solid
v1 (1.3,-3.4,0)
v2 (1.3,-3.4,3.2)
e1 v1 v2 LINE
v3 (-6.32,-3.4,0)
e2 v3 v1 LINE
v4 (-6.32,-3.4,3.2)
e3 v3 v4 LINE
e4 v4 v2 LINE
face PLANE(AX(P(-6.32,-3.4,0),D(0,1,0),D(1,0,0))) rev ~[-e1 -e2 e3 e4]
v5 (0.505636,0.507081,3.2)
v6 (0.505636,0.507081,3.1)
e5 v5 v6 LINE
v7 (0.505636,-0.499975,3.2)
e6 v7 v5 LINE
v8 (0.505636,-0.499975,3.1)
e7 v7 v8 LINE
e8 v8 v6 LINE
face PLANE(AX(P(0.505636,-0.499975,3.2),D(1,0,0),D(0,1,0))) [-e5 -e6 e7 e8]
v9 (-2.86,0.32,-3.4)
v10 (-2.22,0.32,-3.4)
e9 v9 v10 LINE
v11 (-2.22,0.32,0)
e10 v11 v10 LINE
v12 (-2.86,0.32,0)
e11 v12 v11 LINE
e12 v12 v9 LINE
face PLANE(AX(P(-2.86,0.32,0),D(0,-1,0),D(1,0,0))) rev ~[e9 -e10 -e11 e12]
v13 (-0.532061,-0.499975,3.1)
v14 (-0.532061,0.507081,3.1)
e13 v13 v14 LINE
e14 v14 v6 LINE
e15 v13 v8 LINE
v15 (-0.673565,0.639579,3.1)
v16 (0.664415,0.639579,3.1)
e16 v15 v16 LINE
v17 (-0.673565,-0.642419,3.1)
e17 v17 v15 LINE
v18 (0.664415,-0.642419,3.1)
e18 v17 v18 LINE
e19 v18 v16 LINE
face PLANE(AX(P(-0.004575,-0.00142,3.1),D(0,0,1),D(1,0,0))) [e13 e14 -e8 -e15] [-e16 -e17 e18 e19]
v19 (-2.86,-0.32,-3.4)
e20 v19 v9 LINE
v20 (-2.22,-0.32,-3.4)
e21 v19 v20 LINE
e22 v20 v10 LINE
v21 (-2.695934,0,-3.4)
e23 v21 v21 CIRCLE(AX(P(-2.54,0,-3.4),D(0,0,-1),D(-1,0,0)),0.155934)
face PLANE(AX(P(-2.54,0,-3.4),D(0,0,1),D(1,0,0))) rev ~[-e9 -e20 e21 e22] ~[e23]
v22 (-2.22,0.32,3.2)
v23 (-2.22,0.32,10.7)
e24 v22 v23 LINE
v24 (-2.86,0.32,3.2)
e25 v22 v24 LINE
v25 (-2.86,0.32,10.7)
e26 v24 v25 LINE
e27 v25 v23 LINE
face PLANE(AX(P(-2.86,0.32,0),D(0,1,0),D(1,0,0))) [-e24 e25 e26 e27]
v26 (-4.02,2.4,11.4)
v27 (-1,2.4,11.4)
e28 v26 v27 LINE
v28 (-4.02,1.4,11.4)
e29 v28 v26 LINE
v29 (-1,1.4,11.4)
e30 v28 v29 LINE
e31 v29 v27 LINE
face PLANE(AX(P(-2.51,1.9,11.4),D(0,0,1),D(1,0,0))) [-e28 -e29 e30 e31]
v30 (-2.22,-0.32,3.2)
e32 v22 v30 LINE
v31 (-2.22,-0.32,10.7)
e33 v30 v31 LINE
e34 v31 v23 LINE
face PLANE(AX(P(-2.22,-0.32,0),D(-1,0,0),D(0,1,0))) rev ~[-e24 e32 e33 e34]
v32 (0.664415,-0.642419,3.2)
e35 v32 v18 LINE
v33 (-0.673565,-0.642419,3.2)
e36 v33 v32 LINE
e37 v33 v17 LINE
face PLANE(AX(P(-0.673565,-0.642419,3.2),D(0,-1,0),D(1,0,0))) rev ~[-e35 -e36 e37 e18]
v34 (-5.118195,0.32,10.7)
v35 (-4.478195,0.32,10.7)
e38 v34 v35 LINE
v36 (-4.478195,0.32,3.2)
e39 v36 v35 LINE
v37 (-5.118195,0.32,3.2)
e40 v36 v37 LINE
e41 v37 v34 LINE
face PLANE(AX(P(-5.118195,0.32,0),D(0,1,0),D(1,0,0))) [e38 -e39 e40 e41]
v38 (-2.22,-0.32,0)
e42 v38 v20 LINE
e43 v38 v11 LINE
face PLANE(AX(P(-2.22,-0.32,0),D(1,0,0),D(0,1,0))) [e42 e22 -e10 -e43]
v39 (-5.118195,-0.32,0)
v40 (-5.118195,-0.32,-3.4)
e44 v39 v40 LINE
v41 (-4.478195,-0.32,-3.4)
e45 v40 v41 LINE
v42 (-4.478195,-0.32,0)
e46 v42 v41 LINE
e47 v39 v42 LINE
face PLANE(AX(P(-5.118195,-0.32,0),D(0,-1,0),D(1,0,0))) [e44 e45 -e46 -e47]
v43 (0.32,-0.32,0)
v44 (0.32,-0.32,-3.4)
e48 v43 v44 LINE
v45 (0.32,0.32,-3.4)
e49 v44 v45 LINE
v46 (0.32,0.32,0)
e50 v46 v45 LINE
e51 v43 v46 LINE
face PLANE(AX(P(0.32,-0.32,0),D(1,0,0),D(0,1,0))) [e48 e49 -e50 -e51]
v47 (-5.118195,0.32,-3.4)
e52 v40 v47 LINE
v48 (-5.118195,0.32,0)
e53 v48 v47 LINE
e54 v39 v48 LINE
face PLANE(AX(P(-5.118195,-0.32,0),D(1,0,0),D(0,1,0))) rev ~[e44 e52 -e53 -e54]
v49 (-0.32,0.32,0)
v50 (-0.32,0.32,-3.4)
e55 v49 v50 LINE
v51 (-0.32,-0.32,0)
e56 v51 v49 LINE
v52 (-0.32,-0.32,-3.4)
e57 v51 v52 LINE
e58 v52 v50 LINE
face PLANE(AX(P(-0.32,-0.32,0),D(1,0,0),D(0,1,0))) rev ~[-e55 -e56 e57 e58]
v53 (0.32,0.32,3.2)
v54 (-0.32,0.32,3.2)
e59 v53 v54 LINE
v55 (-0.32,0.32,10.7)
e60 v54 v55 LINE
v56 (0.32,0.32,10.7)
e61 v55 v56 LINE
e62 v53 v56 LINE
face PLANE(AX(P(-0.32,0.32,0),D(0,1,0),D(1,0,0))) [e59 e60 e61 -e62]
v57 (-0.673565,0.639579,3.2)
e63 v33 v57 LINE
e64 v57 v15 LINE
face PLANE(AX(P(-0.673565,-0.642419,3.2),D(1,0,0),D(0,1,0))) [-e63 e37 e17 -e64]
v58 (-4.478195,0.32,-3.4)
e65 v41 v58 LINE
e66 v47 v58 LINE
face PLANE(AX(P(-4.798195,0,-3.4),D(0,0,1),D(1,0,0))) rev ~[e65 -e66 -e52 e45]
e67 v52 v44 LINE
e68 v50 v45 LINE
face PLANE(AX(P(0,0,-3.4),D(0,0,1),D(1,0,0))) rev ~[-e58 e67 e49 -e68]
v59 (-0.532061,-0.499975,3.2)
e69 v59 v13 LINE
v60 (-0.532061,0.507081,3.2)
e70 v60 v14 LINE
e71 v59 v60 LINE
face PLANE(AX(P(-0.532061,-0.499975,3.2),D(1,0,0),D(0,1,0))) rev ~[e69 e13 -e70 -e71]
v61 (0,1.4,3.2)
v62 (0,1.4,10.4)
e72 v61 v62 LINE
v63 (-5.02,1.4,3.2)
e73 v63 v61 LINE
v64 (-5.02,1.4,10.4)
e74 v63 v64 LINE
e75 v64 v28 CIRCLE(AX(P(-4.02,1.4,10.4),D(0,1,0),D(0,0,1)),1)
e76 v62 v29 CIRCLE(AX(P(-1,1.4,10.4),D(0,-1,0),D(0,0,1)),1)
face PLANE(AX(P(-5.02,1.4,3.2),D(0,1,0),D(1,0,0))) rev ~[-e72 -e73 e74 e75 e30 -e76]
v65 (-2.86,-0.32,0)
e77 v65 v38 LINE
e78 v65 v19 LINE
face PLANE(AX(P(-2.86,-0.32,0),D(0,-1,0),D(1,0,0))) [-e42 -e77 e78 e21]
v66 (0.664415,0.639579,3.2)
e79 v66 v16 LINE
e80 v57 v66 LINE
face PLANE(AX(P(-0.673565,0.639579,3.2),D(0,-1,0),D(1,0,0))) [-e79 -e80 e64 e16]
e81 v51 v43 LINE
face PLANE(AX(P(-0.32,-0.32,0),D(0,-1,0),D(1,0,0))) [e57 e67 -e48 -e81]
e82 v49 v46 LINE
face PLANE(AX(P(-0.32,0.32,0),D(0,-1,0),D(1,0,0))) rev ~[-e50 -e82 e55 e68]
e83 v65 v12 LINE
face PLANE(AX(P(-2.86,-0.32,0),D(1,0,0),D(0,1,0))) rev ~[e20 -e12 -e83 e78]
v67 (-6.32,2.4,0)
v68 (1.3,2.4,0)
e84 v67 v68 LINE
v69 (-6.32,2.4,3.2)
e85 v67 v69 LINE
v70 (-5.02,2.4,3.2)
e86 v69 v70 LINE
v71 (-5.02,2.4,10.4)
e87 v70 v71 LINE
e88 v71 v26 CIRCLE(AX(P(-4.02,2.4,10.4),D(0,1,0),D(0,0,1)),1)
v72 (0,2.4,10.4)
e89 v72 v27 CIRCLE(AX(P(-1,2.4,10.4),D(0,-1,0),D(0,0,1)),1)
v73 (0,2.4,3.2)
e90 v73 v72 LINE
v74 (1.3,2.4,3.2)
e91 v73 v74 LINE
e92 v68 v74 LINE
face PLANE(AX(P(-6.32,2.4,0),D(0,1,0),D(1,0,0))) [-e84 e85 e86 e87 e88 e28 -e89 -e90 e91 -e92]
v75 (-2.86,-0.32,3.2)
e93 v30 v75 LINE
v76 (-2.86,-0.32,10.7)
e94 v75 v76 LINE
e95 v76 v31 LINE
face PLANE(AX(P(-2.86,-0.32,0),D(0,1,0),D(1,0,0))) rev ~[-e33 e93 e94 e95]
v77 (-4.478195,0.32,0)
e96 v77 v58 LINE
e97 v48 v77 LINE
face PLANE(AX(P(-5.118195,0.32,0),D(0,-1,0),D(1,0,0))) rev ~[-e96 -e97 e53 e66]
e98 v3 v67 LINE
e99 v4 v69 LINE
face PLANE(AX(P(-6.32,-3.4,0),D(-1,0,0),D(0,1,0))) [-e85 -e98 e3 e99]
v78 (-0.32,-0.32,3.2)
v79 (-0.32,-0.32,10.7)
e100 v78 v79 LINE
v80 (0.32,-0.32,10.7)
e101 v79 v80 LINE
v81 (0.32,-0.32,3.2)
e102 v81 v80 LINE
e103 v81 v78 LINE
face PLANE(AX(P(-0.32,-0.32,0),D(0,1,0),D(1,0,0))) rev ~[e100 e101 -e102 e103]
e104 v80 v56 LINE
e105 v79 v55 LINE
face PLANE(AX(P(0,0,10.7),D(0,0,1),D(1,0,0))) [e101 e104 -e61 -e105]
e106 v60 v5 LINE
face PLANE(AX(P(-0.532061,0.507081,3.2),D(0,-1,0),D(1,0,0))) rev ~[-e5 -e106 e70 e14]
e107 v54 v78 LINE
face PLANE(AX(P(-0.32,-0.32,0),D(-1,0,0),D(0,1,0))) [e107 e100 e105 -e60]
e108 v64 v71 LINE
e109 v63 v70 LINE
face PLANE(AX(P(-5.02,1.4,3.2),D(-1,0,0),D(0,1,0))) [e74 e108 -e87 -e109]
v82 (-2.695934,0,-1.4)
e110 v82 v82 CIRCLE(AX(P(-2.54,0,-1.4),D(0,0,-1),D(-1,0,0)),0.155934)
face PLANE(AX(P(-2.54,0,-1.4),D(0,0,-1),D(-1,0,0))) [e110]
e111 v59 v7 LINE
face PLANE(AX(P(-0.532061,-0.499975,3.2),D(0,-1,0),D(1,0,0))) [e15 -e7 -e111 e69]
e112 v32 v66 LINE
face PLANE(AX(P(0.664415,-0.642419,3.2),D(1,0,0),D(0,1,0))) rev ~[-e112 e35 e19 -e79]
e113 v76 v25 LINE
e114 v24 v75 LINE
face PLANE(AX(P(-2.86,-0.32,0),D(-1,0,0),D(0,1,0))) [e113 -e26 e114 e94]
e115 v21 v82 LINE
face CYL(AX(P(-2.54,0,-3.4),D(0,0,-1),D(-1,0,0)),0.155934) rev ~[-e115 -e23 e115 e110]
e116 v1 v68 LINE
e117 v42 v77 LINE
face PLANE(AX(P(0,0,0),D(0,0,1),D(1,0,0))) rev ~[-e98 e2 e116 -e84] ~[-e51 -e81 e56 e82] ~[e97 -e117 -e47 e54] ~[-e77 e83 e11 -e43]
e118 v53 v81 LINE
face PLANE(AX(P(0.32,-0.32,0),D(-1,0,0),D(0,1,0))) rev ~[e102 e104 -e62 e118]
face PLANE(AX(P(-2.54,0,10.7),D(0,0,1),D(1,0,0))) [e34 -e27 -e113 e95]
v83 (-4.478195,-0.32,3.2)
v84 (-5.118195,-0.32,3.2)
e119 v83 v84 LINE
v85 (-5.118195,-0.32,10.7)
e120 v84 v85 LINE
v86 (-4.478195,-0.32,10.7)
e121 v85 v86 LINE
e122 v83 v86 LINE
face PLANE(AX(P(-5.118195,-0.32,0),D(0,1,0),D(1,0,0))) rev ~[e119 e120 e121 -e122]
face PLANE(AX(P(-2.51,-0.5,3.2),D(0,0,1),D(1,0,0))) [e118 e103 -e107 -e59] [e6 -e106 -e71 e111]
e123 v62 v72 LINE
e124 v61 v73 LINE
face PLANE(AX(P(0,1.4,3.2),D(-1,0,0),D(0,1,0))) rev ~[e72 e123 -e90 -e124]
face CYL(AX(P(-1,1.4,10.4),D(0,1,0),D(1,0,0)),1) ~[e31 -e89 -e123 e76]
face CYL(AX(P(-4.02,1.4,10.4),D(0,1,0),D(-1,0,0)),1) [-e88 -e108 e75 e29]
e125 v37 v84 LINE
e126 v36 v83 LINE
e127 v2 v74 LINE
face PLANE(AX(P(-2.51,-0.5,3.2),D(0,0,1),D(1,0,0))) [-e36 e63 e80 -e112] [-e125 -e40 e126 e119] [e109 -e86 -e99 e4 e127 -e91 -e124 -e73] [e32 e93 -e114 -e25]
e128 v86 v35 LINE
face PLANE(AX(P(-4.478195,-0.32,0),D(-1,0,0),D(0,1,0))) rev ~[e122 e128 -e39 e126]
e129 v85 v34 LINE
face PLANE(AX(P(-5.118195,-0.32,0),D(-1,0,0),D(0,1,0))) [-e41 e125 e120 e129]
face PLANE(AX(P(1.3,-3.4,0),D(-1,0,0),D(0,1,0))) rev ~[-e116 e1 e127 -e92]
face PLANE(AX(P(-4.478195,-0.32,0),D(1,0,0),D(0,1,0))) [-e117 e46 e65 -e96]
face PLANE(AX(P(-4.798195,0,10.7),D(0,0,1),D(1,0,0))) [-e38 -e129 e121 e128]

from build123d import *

# Parameters (mm, degrees)
SKETCH_2_W          = 7.62
SKETCH_2_H          = 5.8
EXTRUDE_1_DEPTH     = 3.2
SKETCH_3_W          = 5.02
SKETCH_3_H          = 1
EXTRUDE_4_DEPTH     = 8.2
FILLET_1_R          = 1
SKETCH_1_W          = 0.64
SKETCH_1_H          = 0.64
EXTRUDE_5_DEPTH     = 10.7
SKETCH_1_3_W        = 0.64
SKETCH_1_3_H        = 0.64
EXTRUDE_6_DEPTH     = 3.4
SKETCH_4_W          = 1.33797987
SKETCH_4_H          = 1.281998632
SKETCH_4_W_2        = 1.037697307
SKETCH_4_H_2        = 1.007056107
CUT_EXTRUDE_1_DEPTH = 0.1
SKETCH_5_R          = 0.155933924
CUT_EXTRUDE_2_DEPTH = 2


with BuildPart() as part:
    # Эскиз2 → Вытянуть1 (new body)
    with BuildSketch(Plane.XY):
        with Locations((-2.51, -0.5)):
            Rectangle(SKETCH_2_W, SKETCH_2_H)
    extrude(amount=EXTRUDE_1_DEPTH)

    # Эскиз3 → Вытянуть4 (add)
    with BuildSketch(Plane.XY.offset(3.2)):
        with Locations((-2.51, 1.9)):
            Rectangle(SKETCH_3_W, SKETCH_3_H)
    extrude(amount=EXTRUDE_4_DEPTH)

    # Скругление1
    fillet_1_edges = [part.edges().sort_by_distance(p)[0] for p in [
        (0, 1.9, 11.4),
        (-5.02, 1.9, 11.4),
    ]]
    fillet(fillet_1_edges, radius=FILLET_1_R)

    # Эскиз1 → Вытянуть5 (add)
    with BuildSketch(Plane.XY):
        Rectangle(SKETCH_1_W, SKETCH_1_H)
        with Locations((-2.54, 0)):
            Rectangle(SKETCH_1_W, SKETCH_1_H)
        with Locations((-4.798195283, 0)):
            Rectangle(SKETCH_1_W, SKETCH_1_H)
    extrude(amount=EXTRUDE_5_DEPTH)

    # Эскиз1<3> → Вытянуть6 (add)
    with BuildSketch(Plane.XY):
        Rectangle(SKETCH_1_3_W, SKETCH_1_3_H)
        with Locations((-2.54, 0)):
            Rectangle(SKETCH_1_3_W, SKETCH_1_3_H)
        with Locations((-4.798195283, 0)):
            Rectangle(SKETCH_1_3_W, SKETCH_1_3_H)
    extrude(amount=-EXTRUDE_6_DEPTH)

    # Эскиз4 → Вырез-Вытянуть1 (cut)
    with BuildSketch(Plane(origin=(-0.765860317, 1.721958185, 3.2), x_dir=(1, 0, 0), z_dir=(0, 0, 1))):
        with Locations((0.761284953, -1.723378162)):
            Rectangle(SKETCH_4_W, SKETCH_4_H)
        with Locations((0.75264785, -1.718405131)):
            Rectangle(SKETCH_4_W_2, SKETCH_4_H_2, mode=Mode.SUBTRACT)
    extrude(amount=-CUT_EXTRUDE_1_DEPTH, mode=Mode.SUBTRACT)

    # Эскиз5 → Вырез-Вытянуть2 (cut)
    with BuildSketch(Plane(origin=(0, 0, -3.4), x_dir=(-1, 0, 0), z_dir=(0, 0, -1))):
        with Locations((2.54, 0)):
            Circle(SKETCH_5_R)
    extrude(amount=-CUT_EXTRUDE_2_DEPTH, mode=Mode.SUBTRACT)


solid = part.part
